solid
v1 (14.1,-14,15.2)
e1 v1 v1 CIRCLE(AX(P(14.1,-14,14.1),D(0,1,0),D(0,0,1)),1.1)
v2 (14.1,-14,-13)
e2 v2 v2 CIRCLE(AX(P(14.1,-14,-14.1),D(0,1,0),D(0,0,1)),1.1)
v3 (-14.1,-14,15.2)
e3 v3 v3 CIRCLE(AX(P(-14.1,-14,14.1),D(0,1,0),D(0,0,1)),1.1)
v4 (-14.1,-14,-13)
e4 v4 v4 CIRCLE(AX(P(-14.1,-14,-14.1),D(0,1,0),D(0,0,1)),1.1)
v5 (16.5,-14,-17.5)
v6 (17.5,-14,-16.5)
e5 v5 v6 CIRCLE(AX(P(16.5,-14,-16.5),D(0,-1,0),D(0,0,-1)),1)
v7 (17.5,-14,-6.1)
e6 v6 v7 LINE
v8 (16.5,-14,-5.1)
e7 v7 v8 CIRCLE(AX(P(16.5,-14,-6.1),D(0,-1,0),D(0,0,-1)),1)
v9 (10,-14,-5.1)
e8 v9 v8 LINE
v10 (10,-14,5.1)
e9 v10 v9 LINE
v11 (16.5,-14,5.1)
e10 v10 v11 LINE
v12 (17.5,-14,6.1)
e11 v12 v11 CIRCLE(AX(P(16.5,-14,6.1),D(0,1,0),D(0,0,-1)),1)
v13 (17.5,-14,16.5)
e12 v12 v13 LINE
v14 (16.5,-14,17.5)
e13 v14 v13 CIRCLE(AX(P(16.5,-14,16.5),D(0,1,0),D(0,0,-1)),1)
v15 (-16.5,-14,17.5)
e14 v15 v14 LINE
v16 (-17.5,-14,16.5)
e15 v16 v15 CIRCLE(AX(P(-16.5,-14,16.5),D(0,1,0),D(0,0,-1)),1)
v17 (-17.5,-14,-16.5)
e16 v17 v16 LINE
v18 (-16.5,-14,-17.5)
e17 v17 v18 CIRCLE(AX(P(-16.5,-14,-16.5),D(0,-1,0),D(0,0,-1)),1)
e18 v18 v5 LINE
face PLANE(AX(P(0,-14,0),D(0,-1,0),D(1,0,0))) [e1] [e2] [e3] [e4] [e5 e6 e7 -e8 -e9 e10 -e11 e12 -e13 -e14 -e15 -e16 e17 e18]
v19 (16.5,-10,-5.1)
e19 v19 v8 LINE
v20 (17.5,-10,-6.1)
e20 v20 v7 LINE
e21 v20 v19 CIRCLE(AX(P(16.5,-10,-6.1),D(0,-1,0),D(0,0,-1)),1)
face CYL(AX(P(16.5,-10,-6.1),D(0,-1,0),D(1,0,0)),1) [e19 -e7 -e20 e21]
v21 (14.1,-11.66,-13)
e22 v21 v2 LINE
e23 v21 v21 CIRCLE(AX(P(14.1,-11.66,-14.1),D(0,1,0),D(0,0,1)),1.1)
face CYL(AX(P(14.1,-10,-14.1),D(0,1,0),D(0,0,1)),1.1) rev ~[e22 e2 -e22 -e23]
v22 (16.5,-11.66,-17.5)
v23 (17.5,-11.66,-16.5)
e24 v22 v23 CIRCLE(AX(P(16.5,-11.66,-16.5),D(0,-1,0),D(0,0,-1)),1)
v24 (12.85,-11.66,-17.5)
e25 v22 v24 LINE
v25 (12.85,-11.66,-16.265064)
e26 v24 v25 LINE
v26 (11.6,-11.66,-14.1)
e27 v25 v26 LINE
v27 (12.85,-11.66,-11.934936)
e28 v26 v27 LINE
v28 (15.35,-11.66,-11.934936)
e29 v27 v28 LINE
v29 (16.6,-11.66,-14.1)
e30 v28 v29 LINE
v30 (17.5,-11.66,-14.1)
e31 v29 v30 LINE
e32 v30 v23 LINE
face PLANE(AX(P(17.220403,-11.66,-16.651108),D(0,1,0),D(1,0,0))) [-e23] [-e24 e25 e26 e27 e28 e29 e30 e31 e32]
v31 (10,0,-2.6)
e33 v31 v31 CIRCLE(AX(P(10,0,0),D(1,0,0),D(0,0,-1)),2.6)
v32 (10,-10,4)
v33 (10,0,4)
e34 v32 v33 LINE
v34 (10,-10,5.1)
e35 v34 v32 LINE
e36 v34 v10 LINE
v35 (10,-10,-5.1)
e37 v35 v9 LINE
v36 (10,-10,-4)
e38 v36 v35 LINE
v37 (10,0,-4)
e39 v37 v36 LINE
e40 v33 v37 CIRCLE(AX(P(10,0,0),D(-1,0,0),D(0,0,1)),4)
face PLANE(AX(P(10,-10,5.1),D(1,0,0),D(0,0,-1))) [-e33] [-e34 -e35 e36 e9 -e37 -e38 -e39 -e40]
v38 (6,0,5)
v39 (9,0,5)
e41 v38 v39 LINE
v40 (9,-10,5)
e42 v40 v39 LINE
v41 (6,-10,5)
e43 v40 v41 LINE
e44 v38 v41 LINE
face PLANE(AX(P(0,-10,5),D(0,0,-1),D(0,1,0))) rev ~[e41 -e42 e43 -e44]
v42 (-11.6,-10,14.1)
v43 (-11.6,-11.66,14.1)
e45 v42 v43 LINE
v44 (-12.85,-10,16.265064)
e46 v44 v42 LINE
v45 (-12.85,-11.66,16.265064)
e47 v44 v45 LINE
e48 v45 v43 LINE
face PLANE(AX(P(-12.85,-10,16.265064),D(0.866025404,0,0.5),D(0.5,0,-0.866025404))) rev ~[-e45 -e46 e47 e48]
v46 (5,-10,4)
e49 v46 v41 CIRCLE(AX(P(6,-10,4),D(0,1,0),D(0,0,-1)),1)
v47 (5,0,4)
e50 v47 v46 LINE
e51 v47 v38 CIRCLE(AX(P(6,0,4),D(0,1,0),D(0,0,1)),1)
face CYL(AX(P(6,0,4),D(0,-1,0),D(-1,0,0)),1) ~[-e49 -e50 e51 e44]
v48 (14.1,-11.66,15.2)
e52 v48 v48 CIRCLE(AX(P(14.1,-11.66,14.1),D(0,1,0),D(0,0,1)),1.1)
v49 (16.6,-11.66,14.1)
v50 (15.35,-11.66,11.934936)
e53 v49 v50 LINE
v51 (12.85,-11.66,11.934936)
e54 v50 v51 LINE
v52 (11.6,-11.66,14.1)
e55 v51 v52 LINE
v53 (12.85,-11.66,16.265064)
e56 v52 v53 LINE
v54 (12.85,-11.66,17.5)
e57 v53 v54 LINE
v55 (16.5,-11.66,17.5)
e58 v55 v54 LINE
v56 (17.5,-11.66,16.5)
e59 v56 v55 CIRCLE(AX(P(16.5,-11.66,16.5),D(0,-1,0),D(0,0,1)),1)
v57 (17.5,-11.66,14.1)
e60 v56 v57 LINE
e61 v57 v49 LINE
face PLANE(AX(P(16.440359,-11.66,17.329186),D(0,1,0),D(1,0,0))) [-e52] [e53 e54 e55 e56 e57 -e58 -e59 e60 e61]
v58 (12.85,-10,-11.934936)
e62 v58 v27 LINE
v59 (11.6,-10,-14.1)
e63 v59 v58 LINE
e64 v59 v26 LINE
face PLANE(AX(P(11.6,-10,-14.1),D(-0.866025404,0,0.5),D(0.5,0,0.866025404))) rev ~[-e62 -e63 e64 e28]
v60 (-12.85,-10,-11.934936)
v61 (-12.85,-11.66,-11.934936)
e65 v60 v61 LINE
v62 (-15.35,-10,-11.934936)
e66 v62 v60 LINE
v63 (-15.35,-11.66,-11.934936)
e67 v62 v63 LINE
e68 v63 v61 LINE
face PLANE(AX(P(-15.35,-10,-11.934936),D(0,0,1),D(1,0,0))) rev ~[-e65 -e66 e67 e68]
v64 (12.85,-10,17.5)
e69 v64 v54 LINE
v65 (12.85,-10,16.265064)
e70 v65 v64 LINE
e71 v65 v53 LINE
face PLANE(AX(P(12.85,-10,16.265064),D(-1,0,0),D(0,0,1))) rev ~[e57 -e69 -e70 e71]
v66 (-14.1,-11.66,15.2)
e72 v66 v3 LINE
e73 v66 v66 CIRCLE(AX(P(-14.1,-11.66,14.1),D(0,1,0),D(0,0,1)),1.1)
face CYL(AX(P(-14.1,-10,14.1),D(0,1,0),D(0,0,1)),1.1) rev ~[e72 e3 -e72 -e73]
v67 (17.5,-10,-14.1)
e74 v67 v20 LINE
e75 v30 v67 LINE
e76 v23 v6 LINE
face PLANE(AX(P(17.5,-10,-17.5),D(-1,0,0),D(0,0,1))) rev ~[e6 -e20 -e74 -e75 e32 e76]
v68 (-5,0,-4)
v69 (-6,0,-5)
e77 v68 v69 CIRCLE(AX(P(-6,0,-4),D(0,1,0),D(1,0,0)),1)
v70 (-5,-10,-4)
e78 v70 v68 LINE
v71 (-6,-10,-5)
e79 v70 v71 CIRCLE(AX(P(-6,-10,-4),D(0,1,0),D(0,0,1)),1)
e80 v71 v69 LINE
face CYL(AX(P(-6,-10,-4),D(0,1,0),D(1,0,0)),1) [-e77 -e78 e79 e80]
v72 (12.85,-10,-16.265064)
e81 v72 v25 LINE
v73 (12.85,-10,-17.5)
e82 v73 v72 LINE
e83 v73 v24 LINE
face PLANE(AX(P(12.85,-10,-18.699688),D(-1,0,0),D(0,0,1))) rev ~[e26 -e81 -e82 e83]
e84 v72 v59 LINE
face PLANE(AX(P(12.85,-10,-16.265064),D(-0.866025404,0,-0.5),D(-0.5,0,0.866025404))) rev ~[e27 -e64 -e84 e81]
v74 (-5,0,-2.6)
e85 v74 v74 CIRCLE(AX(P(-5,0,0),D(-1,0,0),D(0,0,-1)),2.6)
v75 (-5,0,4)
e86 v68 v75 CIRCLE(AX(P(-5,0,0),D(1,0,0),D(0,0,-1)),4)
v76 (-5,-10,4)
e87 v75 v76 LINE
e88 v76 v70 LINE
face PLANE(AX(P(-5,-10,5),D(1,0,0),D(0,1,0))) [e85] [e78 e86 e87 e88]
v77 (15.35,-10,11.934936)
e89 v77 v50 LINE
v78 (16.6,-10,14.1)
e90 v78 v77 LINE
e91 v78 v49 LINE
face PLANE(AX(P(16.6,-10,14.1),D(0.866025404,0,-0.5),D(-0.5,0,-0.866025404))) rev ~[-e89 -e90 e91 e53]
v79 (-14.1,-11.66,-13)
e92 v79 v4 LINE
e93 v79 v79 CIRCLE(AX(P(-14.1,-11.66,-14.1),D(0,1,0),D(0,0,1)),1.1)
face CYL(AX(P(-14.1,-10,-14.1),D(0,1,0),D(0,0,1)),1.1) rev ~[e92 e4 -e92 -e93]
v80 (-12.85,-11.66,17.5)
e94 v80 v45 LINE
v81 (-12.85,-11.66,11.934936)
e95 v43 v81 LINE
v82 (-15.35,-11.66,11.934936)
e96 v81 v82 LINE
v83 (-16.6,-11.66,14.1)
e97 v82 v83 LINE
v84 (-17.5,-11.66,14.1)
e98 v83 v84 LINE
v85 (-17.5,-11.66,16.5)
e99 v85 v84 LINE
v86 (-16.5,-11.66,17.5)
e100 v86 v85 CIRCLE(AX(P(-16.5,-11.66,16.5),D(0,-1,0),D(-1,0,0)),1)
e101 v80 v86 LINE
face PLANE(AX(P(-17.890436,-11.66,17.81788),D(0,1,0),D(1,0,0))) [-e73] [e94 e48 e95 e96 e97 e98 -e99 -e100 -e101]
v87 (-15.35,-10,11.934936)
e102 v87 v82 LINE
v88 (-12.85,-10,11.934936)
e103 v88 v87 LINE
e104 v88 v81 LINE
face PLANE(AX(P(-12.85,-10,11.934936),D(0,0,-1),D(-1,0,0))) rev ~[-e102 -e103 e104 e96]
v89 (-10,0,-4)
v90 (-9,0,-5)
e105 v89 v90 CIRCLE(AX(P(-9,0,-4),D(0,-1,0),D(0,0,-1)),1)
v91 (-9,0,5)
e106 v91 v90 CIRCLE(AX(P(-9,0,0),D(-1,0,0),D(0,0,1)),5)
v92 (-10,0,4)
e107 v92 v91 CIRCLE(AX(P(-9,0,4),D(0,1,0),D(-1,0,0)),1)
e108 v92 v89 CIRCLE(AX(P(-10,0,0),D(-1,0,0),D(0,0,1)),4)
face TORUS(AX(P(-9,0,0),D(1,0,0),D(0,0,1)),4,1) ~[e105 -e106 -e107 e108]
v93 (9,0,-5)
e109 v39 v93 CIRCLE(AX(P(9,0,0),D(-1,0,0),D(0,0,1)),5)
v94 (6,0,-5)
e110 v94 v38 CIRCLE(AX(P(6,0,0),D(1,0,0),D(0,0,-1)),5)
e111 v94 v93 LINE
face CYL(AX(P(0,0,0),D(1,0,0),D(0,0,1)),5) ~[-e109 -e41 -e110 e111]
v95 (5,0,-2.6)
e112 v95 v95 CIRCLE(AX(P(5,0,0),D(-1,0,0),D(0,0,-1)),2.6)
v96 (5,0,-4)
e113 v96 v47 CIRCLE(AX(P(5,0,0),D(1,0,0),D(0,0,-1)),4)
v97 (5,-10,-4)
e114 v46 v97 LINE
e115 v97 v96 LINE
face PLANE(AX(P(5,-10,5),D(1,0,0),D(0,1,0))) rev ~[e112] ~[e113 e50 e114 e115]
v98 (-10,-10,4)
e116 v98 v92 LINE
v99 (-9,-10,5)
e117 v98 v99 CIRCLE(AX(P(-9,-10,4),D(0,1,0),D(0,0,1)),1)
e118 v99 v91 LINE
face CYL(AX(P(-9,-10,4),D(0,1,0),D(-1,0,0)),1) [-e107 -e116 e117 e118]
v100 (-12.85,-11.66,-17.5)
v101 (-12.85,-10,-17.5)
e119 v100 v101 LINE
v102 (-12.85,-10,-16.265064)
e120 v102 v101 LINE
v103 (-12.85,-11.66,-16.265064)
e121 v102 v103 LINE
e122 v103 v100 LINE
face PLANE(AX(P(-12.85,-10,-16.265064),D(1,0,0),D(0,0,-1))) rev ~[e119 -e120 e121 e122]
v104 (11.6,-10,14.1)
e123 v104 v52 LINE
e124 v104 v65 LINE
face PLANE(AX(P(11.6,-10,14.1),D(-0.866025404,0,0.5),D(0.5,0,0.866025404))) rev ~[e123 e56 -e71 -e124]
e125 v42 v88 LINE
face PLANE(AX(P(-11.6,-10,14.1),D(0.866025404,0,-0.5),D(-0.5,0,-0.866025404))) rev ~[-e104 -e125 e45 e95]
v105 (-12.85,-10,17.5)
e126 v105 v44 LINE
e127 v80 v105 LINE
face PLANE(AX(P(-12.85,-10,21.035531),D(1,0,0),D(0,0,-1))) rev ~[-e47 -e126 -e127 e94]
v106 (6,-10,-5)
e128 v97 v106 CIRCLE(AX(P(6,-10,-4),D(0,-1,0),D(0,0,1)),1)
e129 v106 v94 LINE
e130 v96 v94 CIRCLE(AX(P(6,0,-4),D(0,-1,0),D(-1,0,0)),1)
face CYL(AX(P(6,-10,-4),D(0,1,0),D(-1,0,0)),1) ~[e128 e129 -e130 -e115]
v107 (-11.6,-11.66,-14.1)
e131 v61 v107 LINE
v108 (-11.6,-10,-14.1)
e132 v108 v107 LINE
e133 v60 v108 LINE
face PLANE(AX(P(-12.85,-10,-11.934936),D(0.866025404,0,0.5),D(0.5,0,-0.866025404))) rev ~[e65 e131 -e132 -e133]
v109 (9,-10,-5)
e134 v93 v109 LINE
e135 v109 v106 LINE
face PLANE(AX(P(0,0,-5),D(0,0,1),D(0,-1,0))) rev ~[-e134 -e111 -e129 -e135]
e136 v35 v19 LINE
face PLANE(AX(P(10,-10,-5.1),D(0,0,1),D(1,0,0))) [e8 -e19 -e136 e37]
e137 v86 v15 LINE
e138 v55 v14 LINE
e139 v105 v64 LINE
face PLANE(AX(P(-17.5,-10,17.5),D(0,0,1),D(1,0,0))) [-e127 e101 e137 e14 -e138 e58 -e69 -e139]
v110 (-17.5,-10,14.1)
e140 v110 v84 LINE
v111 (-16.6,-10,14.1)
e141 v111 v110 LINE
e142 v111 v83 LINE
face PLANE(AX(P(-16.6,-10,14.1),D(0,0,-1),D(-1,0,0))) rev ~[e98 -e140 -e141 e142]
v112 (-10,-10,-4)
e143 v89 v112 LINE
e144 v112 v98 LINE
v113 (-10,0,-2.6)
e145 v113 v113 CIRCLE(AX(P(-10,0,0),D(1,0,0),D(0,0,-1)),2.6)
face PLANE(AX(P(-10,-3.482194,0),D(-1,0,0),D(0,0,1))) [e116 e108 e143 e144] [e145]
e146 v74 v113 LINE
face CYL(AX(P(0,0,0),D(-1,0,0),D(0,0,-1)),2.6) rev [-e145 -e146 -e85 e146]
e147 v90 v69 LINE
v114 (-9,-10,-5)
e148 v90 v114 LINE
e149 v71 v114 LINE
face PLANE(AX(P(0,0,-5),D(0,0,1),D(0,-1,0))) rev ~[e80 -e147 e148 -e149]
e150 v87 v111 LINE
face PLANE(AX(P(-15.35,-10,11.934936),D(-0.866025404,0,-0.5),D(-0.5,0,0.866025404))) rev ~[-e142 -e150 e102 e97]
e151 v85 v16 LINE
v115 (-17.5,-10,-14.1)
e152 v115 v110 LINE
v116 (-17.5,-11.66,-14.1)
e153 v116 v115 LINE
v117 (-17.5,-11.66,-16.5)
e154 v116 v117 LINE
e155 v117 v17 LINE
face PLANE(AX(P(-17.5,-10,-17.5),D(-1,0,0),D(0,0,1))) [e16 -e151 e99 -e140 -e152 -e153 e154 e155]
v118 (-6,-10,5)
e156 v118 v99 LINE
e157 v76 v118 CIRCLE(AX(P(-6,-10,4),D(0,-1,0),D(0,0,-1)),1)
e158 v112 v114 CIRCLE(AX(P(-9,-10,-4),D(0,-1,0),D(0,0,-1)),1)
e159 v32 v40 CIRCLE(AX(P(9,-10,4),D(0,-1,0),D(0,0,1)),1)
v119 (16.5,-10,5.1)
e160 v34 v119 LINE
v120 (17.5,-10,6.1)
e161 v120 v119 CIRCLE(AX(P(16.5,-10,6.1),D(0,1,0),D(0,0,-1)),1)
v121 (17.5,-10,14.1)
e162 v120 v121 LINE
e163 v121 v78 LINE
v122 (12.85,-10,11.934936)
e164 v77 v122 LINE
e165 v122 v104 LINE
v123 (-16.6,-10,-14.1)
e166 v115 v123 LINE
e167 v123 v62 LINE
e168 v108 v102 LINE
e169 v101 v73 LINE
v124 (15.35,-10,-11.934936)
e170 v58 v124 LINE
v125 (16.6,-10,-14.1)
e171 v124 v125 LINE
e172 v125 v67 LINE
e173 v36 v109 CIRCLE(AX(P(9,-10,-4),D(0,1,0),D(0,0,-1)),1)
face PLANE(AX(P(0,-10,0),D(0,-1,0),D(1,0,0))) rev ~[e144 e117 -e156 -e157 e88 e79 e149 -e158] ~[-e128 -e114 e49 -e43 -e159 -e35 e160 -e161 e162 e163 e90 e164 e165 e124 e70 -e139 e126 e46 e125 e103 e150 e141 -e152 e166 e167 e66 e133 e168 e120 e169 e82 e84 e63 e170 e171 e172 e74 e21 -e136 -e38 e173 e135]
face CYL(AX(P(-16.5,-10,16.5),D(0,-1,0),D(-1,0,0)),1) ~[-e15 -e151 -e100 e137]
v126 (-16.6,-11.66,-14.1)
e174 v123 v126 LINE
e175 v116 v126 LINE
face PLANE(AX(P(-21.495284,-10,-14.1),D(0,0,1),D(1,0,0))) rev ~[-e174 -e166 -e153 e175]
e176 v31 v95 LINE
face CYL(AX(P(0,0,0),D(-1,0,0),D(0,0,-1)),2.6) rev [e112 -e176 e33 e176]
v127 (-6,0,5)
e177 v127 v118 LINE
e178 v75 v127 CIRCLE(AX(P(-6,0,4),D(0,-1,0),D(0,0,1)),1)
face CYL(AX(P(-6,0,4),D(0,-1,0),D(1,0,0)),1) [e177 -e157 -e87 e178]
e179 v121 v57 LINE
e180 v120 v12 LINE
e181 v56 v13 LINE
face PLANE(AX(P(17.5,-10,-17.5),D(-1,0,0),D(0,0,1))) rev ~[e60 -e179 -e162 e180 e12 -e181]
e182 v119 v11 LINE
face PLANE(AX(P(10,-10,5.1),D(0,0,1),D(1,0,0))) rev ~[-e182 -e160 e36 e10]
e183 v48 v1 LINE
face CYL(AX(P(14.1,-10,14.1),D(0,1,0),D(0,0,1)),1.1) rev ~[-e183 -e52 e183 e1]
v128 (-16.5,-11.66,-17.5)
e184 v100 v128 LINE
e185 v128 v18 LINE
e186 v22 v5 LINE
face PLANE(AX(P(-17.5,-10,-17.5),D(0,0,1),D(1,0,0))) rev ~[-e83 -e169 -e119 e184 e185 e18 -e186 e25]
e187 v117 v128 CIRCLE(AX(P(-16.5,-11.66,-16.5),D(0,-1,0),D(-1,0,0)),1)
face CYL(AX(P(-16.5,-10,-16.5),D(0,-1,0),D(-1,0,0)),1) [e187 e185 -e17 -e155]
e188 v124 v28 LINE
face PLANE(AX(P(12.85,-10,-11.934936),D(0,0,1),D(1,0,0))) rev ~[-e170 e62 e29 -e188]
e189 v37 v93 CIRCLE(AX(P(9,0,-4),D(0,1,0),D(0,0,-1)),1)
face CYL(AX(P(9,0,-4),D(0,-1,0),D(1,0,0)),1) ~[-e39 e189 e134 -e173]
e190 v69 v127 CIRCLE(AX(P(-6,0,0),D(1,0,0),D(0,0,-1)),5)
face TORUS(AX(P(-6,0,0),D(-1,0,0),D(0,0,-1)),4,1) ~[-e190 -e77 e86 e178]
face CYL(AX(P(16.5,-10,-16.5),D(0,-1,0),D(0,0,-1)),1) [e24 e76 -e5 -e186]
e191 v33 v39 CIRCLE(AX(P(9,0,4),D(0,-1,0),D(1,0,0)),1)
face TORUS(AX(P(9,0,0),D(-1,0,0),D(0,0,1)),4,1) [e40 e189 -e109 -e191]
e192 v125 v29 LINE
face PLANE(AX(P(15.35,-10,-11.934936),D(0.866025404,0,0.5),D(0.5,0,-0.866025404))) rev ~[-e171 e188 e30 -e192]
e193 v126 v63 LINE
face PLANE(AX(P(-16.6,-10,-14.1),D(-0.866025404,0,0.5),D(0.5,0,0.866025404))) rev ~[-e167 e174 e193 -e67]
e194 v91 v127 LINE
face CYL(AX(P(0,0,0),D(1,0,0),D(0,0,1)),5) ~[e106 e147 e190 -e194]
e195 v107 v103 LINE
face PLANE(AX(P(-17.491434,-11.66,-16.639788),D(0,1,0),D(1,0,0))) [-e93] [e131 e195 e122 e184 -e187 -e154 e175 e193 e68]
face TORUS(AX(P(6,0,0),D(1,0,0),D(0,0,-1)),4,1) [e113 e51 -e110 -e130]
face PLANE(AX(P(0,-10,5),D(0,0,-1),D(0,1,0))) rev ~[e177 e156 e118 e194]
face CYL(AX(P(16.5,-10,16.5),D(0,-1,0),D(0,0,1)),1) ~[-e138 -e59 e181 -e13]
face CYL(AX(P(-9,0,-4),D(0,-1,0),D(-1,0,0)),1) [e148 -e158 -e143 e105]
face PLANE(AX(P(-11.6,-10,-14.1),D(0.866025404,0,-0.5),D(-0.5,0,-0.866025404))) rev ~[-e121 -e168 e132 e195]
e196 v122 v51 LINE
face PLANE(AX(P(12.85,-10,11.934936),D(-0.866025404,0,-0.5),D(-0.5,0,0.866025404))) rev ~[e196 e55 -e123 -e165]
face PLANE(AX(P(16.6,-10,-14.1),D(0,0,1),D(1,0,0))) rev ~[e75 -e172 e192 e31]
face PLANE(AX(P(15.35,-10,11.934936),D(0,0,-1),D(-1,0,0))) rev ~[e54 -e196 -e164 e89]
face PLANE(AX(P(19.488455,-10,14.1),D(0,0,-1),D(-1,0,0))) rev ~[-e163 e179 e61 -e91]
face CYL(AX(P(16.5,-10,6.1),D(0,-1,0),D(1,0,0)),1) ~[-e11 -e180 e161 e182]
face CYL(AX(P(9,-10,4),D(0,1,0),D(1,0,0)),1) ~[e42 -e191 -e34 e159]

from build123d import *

# Parameters (mm, degrees)
ESQUISSE2_R             = 2.6
BOSS_EXTRU_1_DEPTH      = 10
ESQUISSE4_W             = 35
ESQUISSE4_H             = 35
BOSS_EXTRU_2_DEPTH      = 4
ENL_V_MAT_EXTRU_1_REACH = 6
ESQUISSE5_R             = 1.1
ESQUISSE6_W             = 10
ESQUISSE6_H             = 16.186441142
ENL_V_MAT_EXTRU_2_DEPTH = 23.5
ENL_V_MAT_EXTRU_3_DEPTH = 1.66
ENL_V_MAT_EXTRU_4_REACH = 6
ESQUISSE8_W             = 7.5
ESQUISSE8_H             = 10.2
CONG_1_R                = 1
ENL_V_MAT_EXTRU_5_DEPTH = 1.66


with BuildPart() as part:
    # Esquisse2 → Boss.-Extru.1 (new body, symmetric)
    with BuildSketch(Plane(origin=(0, 0, 0), x_dir=(0, 0, -1), z_dir=(1, 0, 0))):
        with BuildLine():
            Line((5, 0), (5, -10))
            Line((5, -10), (-5, -10))
            Line((-5, -10), (-5, 0))
            ThreePointArc((-5, 0), (0, 5), (5, 0))
        make_face()
        Circle(ESQUISSE2_R, mode=Mode.SUBTRACT)
    extrude(amount=BOSS_EXTRU_1_DEPTH, both=True)

    # Esquisse4 → Boss.-Extru.2 (add)
    with BuildSketch(Plane.XZ.offset(10)):
        Rectangle(ESQUISSE4_W, ESQUISSE4_H)
    extrude(amount=BOSS_EXTRU_2_DEPTH)

    # Esquisse5 → Enlèv. mat.-Extru.1 (cut, up to next)
    with BuildSketch(Plane(origin=(0, -10, 0), x_dir=(1, 0, 0), z_dir=(0, 1, 0)), mode=Mode.PRIVATE) as enl_v_mat_extru_1_sk1:
        with Locations(Location((14.1, -14.1, 0), (0, 0, 270))):  # turned: the seam where the file's is
            Circle(ESQUISSE5_R)
    enl_v_mat_extru_1_tool1 = extrude(enl_v_mat_extru_1_sk1.sketch, amount=-ENL_V_MAT_EXTRU_1_REACH, mode=Mode.PRIVATE) & part.part
    add(enl_v_mat_extru_1_tool1.solids().sort_by_distance((14.1, -10, 14.1))[0], mode=Mode.SUBTRACT)
    # Esquisse5 → Enlèv. mat.-Extru.1 (cut, up to next)
    with BuildSketch(Plane(origin=(0, -10, 0), x_dir=(1, 0, 0), z_dir=(0, 1, 0)), mode=Mode.PRIVATE) as enl_v_mat_extru_1_sk2:
        with Locations(Location((14.1, 14.1, 0), (0, 0, 270))):  # turned: the seam where the file's is
            Circle(ESQUISSE5_R)
    enl_v_mat_extru_1_tool2 = extrude(enl_v_mat_extru_1_sk2.sketch, amount=-ENL_V_MAT_EXTRU_1_REACH, mode=Mode.PRIVATE) & part.part
    add(enl_v_mat_extru_1_tool2.solids().sort_by_distance((14.1, -10, -14.1))[0], mode=Mode.SUBTRACT)
    # Esquisse5 → Enlèv. mat.-Extru.1 (cut, up to next)
    with BuildSketch(Plane(origin=(0, -10, 0), x_dir=(1, 0, 0), z_dir=(0, 1, 0)), mode=Mode.PRIVATE) as enl_v_mat_extru_1_sk3:
        with Locations(Location((-14.1, 14.1, 0), (0, 0, 270))):  # turned: the seam where the file's is
            Circle(ESQUISSE5_R)
    enl_v_mat_extru_1_tool3 = extrude(enl_v_mat_extru_1_sk3.sketch, amount=-ENL_V_MAT_EXTRU_1_REACH, mode=Mode.PRIVATE) & part.part
    add(enl_v_mat_extru_1_tool3.solids().sort_by_distance((-14.1, -10, -14.1))[0], mode=Mode.SUBTRACT)
    # Esquisse5 → Enlèv. mat.-Extru.1 (cut, up to next)
    with BuildSketch(Plane(origin=(0, -10, 0), x_dir=(1, 0, 0), z_dir=(0, 1, 0)), mode=Mode.PRIVATE) as enl_v_mat_extru_1_sk4:
        with Locations(Location((-14.1, -14.1, 0), (0, 0, 270))):  # turned: the seam where the file's is
            Circle(ESQUISSE5_R)
    enl_v_mat_extru_1_tool4 = extrude(enl_v_mat_extru_1_sk4.sketch, amount=-ENL_V_MAT_EXTRU_1_REACH, mode=Mode.PRIVATE) & part.part
    add(enl_v_mat_extru_1_tool4.solids().sort_by_distance((-14.1, -10, 14.1))[0], mode=Mode.SUBTRACT)

    # Esquisse6 → Enlèv. mat.-Extru.2 (cut, through all)
    with BuildSketch(Plane.XY.offset(5)):
        with Locations((0, -1.906779429)):
            Rectangle(ESQUISSE6_W, ESQUISSE6_H)
    extrude(amount=-ENL_V_MAT_EXTRU_2_DEPTH, mode=Mode.SUBTRACT)

    # Esquisse7 → Enlèv. mat.-Extru.3 (cut)
    with BuildSketch(Plane(origin=(0, -10, 0), x_dir=(1, 0, 0), z_dir=(0, 1, 0))):
        Polygon((-11.6, -14.1), (-12.85, -11.934936491), (-15.35, -11.934936491), (-16.6, -14.1), (-15.35, -16.265063509), (-12.85, -16.265063509), align=None)
        Polygon((16.6, -14.1), (15.35, -11.934936491), (12.85, -11.934936491), (11.6, -14.1), (12.85, -16.265063509), (15.35, -16.265063509), align=None)
        Polygon((16.6, 14.1), (15.35, 16.265063509), (12.85, 16.265063509), (11.6, 14.1), (12.85, 11.934936491), (15.35, 11.934936491), align=None)
        Polygon((-11.6, 14.1), (-12.85, 16.265063509), (-15.35, 16.265063509), (-16.6, 14.1), (-15.35, 11.934936491), (-12.85, 11.934936491), align=None)
    extrude(amount=-ENL_V_MAT_EXTRU_3_DEPTH, mode=Mode.SUBTRACT)

    # Esquisse8 → Enlèv. mat.-Extru.4 (cut, up to next)
    with BuildSketch(Plane(origin=(0, -10, 0), x_dir=(1, 0, 0), z_dir=(0, 1, 0)), mode=Mode.PRIVATE) as enl_v_mat_extru_4_sk1:
        with Locations((13.75, 0)):
            Rectangle(ESQUISSE8_W, ESQUISSE8_H)
    enl_v_mat_extru_4_tool1 = extrude(enl_v_mat_extru_4_sk1.sketch, amount=-ENL_V_MAT_EXTRU_4_REACH, mode=Mode.PRIVATE) & part.part
    add(enl_v_mat_extru_4_tool1.solids().sort_by_distance((13.75, -10, 0))[0], mode=Mode.SUBTRACT)

    # Congé1
    cong_1_edges = [part.edges().sort_by_distance(p)[0] for p in [
        (17.5, -12, -5.1),
        (17.5, -12, 5.1),
        (10, -5, -5),
        (-17.5, -12, 17.5),
        (-17.5, -12, -17.5),
        (17.5, -12, -17.5),
        (17.5, -12, 17.5),
        (10, 5, 0),
        (-10, -5, -5),
        (-5, 5, 0),
        (-5, -5, -5),
        (5, -5, -5),
        (5, 5, 0),
        (5, -5, 5),
        (-5, -5, 5),
        (-10, -5, 5),
        (-10, 5, 0),
        (10, -5, 5),
    ]]
    fillet(cong_1_edges, radius=CONG_1_R)

    # Esquisse9 → Enlèv. mat.-Extru.5 (cut)
    with BuildSketch(Plane(origin=(0, -10, 0), x_dir=(1, 0, 0), z_dir=(0, 1, 0))):
        Polygon((-12.85, 16.265063509), (-12.85, 18.698665102), (-21.49528431, 18.698665102), (-21.49528431, 14.1), (-16.6, 14.1), align=None)
        Polygon((12.85, 16.265063509), (16.6, 14.1), (20.960231463, 14.1), (20.960231463, 18.699687557), (12.85, 18.699687557), align=None)
        Polygon((16.6, -14.1), (12.85, -16.265063509), (12.85, -19.961421422), (19.488454623, -19.961421422), (19.488454623, -14.1), align=None)
        Polygon((-12.85, -16.265063509), (-16.6, -14.1), (-22.379616977, -14.1), (-22.379616977, -21.035530628), (-12.85, -21.035530628), align=None)
    extrude(amount=-ENL_V_MAT_EXTRU_5_DEPTH, mode=Mode.SUBTRACT)


solid = part.part
